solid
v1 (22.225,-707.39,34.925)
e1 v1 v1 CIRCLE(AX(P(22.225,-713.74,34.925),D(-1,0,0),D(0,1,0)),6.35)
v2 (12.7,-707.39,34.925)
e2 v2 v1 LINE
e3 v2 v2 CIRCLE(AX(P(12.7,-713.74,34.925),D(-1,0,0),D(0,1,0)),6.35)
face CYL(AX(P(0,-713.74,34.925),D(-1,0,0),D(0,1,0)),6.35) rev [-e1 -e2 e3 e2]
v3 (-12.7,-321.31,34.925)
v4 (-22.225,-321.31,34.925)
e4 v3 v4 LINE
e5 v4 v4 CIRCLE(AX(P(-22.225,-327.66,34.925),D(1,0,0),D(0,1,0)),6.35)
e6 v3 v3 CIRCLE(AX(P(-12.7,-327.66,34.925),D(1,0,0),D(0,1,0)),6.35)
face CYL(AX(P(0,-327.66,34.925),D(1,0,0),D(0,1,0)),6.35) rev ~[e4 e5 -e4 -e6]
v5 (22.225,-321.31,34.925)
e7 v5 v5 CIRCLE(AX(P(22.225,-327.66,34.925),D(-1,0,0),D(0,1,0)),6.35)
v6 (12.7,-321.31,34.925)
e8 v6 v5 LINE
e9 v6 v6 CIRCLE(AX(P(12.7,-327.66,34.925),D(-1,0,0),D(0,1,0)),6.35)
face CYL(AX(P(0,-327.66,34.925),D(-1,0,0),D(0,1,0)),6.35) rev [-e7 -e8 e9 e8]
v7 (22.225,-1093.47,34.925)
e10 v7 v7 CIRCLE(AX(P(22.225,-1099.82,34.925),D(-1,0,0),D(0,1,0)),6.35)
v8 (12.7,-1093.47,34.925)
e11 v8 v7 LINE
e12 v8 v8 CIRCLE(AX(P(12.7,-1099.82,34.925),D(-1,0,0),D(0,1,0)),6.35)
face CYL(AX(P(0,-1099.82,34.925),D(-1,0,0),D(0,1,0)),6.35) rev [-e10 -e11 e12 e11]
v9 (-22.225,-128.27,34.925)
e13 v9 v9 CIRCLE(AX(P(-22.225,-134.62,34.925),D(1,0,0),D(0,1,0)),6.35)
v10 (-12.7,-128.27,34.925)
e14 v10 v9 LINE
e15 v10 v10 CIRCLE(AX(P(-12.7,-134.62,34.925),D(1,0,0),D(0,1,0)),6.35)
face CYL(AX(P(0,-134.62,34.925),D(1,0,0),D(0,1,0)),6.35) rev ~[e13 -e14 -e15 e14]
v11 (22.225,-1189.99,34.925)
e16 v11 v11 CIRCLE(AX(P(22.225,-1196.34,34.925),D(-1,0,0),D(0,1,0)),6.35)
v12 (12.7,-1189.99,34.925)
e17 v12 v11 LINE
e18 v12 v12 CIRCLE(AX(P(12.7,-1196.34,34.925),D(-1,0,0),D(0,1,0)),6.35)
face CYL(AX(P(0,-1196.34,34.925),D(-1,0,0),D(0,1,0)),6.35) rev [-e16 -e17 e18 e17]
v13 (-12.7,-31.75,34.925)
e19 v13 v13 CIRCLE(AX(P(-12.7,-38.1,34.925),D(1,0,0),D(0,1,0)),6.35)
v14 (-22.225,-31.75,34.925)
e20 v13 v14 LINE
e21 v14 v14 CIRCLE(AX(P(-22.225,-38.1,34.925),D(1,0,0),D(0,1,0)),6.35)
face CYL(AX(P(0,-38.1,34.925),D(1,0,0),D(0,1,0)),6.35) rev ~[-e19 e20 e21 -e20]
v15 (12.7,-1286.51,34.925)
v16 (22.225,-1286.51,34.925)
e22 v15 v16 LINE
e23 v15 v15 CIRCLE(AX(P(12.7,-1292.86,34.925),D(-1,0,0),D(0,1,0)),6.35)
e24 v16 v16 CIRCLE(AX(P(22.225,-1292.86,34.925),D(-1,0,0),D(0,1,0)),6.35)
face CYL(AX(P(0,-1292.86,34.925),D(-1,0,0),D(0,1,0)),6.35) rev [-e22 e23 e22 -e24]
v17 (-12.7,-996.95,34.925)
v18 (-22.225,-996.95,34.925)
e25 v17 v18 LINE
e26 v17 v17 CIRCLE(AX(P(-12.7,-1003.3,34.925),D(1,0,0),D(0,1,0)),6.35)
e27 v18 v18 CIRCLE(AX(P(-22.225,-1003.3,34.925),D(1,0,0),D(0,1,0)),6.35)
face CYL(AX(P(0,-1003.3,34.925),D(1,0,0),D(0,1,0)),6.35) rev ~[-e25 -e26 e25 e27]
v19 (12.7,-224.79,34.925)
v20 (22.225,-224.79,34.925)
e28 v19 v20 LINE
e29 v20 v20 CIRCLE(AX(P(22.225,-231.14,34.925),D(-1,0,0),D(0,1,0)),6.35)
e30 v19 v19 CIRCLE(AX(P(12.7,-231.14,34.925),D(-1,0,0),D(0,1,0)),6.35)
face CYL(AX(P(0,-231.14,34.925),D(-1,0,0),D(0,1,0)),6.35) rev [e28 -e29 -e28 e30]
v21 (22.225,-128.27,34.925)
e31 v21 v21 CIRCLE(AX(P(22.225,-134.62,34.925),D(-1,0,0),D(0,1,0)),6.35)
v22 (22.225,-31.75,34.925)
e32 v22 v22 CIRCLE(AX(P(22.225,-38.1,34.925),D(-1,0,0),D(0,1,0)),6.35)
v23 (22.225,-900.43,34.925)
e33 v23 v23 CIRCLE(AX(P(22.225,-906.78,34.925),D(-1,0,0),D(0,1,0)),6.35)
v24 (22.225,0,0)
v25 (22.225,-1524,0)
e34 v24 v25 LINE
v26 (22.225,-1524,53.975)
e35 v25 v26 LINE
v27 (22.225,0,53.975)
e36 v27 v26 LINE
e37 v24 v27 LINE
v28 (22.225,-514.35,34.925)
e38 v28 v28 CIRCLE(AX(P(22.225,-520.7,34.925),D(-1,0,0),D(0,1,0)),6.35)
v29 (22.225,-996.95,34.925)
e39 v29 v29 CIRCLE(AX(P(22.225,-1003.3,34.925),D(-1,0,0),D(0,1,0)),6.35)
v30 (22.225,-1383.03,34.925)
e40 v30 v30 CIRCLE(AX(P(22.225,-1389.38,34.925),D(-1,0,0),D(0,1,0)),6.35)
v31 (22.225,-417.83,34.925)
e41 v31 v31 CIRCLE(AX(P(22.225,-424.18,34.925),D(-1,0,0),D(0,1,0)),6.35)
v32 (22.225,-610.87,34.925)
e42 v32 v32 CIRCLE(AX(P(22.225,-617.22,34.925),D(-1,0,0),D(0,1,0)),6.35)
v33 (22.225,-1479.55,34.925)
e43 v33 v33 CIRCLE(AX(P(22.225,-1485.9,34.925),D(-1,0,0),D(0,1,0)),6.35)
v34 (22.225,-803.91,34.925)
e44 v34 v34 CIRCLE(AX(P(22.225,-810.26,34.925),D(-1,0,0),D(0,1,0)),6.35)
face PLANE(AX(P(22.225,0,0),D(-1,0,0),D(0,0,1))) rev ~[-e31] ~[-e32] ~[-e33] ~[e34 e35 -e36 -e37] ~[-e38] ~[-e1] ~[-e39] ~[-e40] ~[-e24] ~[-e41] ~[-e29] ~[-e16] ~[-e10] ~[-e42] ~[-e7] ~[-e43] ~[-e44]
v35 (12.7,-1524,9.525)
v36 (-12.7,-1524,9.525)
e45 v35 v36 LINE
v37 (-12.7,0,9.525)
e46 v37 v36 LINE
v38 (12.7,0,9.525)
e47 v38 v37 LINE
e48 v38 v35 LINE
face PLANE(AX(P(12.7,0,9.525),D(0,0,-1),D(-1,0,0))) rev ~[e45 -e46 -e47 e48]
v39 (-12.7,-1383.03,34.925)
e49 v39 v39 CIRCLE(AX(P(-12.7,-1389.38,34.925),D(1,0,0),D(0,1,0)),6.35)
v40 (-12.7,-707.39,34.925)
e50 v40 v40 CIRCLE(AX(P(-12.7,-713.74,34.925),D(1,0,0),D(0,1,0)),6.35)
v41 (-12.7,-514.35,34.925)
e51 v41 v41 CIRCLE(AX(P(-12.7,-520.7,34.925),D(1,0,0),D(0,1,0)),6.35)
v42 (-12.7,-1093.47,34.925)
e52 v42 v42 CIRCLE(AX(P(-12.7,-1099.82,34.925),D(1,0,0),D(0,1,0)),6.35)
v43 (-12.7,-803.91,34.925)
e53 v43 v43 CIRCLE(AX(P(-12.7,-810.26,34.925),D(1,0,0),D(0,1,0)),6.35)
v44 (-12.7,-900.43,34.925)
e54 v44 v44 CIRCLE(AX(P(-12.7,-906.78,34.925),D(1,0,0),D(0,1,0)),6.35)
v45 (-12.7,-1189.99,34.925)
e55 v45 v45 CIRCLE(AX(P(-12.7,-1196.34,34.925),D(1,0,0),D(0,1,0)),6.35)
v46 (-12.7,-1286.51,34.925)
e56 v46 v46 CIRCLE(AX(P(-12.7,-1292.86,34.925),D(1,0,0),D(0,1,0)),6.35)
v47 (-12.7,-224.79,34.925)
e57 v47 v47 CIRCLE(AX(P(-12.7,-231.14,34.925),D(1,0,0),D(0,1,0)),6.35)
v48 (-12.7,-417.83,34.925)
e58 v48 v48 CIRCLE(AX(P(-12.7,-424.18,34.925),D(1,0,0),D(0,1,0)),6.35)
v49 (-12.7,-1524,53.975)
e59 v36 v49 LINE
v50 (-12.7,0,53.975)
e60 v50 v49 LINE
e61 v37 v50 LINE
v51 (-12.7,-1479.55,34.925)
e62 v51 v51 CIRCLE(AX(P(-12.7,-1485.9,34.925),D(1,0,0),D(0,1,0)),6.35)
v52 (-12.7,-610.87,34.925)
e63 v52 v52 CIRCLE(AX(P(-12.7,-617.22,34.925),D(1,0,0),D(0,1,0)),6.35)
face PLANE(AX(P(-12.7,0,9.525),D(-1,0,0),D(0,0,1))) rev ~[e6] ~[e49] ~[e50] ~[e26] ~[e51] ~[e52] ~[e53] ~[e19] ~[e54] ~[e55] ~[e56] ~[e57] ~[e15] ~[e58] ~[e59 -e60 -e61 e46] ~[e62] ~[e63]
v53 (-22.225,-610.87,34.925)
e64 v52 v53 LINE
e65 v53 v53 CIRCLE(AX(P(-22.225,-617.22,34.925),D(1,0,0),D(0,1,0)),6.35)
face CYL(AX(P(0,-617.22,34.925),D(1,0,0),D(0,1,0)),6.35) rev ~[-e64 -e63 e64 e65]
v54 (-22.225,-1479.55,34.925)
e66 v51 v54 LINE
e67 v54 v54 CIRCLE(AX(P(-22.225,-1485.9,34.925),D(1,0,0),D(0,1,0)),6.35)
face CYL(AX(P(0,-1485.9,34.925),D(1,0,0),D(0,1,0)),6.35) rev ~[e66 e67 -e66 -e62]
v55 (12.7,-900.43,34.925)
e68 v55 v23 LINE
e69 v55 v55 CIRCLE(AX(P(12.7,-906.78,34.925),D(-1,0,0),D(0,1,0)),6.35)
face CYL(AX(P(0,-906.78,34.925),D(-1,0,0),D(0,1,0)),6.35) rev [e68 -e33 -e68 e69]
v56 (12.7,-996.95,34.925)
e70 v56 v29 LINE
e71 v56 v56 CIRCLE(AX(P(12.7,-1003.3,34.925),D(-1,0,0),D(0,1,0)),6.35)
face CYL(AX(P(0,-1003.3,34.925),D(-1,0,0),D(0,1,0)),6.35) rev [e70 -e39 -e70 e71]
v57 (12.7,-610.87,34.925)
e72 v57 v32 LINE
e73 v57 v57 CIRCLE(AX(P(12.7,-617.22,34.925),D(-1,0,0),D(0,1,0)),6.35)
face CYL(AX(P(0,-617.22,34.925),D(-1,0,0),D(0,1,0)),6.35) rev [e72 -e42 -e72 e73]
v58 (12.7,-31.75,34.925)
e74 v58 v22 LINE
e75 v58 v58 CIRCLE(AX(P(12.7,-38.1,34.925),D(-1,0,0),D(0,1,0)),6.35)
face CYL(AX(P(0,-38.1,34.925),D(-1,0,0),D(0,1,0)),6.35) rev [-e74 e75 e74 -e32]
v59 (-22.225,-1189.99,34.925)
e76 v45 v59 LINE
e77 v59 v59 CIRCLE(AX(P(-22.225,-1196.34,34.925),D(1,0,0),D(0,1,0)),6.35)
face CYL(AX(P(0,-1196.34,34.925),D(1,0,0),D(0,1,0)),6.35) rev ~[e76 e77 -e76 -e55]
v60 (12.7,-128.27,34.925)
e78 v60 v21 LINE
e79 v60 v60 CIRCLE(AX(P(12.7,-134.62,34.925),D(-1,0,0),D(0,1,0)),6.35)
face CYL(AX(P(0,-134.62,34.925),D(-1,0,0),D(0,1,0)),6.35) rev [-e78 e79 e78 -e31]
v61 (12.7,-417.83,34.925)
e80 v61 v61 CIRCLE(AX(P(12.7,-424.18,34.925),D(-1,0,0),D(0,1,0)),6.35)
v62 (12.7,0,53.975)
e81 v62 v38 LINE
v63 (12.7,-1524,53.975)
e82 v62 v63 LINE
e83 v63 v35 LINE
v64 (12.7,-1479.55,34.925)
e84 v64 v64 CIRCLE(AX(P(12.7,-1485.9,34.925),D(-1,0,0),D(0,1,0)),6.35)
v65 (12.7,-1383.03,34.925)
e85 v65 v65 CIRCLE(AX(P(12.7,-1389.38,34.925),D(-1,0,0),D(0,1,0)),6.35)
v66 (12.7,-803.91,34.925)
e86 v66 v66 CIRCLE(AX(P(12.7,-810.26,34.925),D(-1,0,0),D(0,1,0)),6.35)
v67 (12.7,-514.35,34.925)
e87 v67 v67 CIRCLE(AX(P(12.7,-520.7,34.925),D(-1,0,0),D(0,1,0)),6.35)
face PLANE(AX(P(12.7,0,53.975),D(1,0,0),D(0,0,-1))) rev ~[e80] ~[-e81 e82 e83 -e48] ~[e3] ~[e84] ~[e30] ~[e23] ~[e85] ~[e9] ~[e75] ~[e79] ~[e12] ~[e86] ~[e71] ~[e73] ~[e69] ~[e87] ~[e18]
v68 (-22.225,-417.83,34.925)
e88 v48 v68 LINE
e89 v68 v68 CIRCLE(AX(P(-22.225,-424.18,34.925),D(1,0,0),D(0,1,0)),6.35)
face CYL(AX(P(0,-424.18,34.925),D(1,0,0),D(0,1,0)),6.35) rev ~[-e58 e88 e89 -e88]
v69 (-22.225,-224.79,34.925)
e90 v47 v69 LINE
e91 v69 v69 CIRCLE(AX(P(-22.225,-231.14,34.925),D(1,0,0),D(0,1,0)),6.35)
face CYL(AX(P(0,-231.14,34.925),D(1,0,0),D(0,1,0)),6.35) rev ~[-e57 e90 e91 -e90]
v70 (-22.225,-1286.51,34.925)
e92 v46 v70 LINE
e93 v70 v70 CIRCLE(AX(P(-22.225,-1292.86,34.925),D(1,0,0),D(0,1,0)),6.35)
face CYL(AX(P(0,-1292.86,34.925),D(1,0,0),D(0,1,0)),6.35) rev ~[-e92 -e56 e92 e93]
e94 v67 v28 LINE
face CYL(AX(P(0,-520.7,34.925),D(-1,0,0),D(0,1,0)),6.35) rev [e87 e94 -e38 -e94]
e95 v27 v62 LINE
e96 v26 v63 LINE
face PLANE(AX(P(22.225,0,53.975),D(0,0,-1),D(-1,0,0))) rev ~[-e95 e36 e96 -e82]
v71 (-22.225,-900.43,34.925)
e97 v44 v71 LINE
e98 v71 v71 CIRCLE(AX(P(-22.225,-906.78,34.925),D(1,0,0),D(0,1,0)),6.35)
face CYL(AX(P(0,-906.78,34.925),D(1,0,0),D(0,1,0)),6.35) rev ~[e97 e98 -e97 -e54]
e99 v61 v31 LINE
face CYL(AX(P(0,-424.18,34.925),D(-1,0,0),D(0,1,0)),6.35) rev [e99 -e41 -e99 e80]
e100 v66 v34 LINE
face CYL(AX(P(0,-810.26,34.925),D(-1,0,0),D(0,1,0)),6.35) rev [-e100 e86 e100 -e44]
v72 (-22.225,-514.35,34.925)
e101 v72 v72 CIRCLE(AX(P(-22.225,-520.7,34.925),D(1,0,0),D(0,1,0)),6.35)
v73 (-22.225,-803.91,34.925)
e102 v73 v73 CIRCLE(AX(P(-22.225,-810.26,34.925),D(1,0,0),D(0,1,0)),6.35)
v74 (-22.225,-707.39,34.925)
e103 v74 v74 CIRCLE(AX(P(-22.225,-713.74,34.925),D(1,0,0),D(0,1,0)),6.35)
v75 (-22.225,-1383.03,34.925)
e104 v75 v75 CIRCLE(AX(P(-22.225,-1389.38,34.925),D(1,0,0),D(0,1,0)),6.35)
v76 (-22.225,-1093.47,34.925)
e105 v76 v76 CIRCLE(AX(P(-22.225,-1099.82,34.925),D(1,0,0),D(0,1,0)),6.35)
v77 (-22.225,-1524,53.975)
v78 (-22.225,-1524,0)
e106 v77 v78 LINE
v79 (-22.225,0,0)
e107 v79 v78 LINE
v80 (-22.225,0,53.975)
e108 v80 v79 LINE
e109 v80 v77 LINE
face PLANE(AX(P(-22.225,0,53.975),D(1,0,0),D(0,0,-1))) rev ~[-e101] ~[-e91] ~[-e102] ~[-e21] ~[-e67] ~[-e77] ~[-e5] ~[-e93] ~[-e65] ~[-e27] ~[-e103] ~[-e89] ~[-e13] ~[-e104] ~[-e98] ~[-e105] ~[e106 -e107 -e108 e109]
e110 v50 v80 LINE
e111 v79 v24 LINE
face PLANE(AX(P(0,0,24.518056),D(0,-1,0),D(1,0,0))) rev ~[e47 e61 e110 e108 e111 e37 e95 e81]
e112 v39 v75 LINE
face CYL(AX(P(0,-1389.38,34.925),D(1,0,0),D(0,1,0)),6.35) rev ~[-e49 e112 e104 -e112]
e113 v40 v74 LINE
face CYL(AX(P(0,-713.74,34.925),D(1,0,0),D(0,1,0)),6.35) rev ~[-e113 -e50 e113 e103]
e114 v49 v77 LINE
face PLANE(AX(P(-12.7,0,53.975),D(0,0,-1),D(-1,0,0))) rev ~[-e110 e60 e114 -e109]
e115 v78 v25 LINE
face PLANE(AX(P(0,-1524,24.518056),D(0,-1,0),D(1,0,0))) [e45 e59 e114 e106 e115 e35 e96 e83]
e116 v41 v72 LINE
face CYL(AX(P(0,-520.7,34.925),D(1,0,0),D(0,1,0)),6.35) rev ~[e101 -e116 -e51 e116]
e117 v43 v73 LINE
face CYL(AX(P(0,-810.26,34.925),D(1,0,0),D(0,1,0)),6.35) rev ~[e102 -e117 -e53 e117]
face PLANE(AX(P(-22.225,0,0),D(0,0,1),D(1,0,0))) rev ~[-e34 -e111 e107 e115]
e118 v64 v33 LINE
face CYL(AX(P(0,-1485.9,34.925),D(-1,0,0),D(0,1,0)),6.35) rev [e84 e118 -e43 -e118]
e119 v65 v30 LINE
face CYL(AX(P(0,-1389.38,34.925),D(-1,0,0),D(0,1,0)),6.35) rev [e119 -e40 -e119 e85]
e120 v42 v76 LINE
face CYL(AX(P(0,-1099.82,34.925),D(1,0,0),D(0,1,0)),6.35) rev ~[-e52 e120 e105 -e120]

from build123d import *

# Parameters (mm, degrees)
F1_DEPTH      = 1524
F2_R          = 6.35
F3_DEPTH      = 22.226
F3_DEPTH_BACK = 22.226


with BuildPart() as f1:
    # F0 (on Front) → F1 (new body)
    with BuildSketch(Plane.XZ):
        Polygon((-22.225, 0), (0, 0), (22.225, 0), (22.225, 53.975), (12.7, 53.975), (12.7, 9.525), (-12.7, 9.525), (-12.7, 53.975), (-22.225, 53.975), align=None)
    extrude(amount=F1_DEPTH)

    # F2 (on Right) → F3 (cut, two sides)
    with BuildSketch(Plane.YZ) as f3_sk:
        with Locations((-38.1, 34.925)):
            Circle(F2_R)
        with Locations((-134.62, 34.925)):
            Circle(F2_R)
        with Locations((-231.14, 34.925)):
            Circle(F2_R)
        with Locations((-327.66, 34.925)):
            Circle(F2_R)
        with Locations((-424.18, 34.925)):
            Circle(F2_R)
        with Locations((-520.7, 34.925)):
            Circle(F2_R)
        with Locations((-617.22, 34.925)):
            Circle(F2_R)
        with Locations((-713.74, 34.925)):
            Circle(F2_R)
        with Locations((-810.26, 34.925)):
            Circle(F2_R)
        with Locations((-906.78, 34.925)):
            Circle(F2_R)
        with Locations((-1003.3, 34.925)):
            Circle(F2_R)
        with Locations((-1099.82, 34.925)):
            Circle(F2_R)
        with Locations((-1196.34, 34.925)):
            Circle(F2_R)
        with Locations((-1292.86, 34.925)):
            Circle(F2_R)
        with Locations((-1389.38, 34.925)):
            Circle(F2_R)
        with Locations((-1485.9, 34.925)):
            Circle(F2_R)
    extrude(amount=F3_DEPTH, mode=Mode.SUBTRACT)
    extrude(f3_sk.sketch, amount=-F3_DEPTH_BACK, mode=Mode.SUBTRACT)


solid = f1.part
